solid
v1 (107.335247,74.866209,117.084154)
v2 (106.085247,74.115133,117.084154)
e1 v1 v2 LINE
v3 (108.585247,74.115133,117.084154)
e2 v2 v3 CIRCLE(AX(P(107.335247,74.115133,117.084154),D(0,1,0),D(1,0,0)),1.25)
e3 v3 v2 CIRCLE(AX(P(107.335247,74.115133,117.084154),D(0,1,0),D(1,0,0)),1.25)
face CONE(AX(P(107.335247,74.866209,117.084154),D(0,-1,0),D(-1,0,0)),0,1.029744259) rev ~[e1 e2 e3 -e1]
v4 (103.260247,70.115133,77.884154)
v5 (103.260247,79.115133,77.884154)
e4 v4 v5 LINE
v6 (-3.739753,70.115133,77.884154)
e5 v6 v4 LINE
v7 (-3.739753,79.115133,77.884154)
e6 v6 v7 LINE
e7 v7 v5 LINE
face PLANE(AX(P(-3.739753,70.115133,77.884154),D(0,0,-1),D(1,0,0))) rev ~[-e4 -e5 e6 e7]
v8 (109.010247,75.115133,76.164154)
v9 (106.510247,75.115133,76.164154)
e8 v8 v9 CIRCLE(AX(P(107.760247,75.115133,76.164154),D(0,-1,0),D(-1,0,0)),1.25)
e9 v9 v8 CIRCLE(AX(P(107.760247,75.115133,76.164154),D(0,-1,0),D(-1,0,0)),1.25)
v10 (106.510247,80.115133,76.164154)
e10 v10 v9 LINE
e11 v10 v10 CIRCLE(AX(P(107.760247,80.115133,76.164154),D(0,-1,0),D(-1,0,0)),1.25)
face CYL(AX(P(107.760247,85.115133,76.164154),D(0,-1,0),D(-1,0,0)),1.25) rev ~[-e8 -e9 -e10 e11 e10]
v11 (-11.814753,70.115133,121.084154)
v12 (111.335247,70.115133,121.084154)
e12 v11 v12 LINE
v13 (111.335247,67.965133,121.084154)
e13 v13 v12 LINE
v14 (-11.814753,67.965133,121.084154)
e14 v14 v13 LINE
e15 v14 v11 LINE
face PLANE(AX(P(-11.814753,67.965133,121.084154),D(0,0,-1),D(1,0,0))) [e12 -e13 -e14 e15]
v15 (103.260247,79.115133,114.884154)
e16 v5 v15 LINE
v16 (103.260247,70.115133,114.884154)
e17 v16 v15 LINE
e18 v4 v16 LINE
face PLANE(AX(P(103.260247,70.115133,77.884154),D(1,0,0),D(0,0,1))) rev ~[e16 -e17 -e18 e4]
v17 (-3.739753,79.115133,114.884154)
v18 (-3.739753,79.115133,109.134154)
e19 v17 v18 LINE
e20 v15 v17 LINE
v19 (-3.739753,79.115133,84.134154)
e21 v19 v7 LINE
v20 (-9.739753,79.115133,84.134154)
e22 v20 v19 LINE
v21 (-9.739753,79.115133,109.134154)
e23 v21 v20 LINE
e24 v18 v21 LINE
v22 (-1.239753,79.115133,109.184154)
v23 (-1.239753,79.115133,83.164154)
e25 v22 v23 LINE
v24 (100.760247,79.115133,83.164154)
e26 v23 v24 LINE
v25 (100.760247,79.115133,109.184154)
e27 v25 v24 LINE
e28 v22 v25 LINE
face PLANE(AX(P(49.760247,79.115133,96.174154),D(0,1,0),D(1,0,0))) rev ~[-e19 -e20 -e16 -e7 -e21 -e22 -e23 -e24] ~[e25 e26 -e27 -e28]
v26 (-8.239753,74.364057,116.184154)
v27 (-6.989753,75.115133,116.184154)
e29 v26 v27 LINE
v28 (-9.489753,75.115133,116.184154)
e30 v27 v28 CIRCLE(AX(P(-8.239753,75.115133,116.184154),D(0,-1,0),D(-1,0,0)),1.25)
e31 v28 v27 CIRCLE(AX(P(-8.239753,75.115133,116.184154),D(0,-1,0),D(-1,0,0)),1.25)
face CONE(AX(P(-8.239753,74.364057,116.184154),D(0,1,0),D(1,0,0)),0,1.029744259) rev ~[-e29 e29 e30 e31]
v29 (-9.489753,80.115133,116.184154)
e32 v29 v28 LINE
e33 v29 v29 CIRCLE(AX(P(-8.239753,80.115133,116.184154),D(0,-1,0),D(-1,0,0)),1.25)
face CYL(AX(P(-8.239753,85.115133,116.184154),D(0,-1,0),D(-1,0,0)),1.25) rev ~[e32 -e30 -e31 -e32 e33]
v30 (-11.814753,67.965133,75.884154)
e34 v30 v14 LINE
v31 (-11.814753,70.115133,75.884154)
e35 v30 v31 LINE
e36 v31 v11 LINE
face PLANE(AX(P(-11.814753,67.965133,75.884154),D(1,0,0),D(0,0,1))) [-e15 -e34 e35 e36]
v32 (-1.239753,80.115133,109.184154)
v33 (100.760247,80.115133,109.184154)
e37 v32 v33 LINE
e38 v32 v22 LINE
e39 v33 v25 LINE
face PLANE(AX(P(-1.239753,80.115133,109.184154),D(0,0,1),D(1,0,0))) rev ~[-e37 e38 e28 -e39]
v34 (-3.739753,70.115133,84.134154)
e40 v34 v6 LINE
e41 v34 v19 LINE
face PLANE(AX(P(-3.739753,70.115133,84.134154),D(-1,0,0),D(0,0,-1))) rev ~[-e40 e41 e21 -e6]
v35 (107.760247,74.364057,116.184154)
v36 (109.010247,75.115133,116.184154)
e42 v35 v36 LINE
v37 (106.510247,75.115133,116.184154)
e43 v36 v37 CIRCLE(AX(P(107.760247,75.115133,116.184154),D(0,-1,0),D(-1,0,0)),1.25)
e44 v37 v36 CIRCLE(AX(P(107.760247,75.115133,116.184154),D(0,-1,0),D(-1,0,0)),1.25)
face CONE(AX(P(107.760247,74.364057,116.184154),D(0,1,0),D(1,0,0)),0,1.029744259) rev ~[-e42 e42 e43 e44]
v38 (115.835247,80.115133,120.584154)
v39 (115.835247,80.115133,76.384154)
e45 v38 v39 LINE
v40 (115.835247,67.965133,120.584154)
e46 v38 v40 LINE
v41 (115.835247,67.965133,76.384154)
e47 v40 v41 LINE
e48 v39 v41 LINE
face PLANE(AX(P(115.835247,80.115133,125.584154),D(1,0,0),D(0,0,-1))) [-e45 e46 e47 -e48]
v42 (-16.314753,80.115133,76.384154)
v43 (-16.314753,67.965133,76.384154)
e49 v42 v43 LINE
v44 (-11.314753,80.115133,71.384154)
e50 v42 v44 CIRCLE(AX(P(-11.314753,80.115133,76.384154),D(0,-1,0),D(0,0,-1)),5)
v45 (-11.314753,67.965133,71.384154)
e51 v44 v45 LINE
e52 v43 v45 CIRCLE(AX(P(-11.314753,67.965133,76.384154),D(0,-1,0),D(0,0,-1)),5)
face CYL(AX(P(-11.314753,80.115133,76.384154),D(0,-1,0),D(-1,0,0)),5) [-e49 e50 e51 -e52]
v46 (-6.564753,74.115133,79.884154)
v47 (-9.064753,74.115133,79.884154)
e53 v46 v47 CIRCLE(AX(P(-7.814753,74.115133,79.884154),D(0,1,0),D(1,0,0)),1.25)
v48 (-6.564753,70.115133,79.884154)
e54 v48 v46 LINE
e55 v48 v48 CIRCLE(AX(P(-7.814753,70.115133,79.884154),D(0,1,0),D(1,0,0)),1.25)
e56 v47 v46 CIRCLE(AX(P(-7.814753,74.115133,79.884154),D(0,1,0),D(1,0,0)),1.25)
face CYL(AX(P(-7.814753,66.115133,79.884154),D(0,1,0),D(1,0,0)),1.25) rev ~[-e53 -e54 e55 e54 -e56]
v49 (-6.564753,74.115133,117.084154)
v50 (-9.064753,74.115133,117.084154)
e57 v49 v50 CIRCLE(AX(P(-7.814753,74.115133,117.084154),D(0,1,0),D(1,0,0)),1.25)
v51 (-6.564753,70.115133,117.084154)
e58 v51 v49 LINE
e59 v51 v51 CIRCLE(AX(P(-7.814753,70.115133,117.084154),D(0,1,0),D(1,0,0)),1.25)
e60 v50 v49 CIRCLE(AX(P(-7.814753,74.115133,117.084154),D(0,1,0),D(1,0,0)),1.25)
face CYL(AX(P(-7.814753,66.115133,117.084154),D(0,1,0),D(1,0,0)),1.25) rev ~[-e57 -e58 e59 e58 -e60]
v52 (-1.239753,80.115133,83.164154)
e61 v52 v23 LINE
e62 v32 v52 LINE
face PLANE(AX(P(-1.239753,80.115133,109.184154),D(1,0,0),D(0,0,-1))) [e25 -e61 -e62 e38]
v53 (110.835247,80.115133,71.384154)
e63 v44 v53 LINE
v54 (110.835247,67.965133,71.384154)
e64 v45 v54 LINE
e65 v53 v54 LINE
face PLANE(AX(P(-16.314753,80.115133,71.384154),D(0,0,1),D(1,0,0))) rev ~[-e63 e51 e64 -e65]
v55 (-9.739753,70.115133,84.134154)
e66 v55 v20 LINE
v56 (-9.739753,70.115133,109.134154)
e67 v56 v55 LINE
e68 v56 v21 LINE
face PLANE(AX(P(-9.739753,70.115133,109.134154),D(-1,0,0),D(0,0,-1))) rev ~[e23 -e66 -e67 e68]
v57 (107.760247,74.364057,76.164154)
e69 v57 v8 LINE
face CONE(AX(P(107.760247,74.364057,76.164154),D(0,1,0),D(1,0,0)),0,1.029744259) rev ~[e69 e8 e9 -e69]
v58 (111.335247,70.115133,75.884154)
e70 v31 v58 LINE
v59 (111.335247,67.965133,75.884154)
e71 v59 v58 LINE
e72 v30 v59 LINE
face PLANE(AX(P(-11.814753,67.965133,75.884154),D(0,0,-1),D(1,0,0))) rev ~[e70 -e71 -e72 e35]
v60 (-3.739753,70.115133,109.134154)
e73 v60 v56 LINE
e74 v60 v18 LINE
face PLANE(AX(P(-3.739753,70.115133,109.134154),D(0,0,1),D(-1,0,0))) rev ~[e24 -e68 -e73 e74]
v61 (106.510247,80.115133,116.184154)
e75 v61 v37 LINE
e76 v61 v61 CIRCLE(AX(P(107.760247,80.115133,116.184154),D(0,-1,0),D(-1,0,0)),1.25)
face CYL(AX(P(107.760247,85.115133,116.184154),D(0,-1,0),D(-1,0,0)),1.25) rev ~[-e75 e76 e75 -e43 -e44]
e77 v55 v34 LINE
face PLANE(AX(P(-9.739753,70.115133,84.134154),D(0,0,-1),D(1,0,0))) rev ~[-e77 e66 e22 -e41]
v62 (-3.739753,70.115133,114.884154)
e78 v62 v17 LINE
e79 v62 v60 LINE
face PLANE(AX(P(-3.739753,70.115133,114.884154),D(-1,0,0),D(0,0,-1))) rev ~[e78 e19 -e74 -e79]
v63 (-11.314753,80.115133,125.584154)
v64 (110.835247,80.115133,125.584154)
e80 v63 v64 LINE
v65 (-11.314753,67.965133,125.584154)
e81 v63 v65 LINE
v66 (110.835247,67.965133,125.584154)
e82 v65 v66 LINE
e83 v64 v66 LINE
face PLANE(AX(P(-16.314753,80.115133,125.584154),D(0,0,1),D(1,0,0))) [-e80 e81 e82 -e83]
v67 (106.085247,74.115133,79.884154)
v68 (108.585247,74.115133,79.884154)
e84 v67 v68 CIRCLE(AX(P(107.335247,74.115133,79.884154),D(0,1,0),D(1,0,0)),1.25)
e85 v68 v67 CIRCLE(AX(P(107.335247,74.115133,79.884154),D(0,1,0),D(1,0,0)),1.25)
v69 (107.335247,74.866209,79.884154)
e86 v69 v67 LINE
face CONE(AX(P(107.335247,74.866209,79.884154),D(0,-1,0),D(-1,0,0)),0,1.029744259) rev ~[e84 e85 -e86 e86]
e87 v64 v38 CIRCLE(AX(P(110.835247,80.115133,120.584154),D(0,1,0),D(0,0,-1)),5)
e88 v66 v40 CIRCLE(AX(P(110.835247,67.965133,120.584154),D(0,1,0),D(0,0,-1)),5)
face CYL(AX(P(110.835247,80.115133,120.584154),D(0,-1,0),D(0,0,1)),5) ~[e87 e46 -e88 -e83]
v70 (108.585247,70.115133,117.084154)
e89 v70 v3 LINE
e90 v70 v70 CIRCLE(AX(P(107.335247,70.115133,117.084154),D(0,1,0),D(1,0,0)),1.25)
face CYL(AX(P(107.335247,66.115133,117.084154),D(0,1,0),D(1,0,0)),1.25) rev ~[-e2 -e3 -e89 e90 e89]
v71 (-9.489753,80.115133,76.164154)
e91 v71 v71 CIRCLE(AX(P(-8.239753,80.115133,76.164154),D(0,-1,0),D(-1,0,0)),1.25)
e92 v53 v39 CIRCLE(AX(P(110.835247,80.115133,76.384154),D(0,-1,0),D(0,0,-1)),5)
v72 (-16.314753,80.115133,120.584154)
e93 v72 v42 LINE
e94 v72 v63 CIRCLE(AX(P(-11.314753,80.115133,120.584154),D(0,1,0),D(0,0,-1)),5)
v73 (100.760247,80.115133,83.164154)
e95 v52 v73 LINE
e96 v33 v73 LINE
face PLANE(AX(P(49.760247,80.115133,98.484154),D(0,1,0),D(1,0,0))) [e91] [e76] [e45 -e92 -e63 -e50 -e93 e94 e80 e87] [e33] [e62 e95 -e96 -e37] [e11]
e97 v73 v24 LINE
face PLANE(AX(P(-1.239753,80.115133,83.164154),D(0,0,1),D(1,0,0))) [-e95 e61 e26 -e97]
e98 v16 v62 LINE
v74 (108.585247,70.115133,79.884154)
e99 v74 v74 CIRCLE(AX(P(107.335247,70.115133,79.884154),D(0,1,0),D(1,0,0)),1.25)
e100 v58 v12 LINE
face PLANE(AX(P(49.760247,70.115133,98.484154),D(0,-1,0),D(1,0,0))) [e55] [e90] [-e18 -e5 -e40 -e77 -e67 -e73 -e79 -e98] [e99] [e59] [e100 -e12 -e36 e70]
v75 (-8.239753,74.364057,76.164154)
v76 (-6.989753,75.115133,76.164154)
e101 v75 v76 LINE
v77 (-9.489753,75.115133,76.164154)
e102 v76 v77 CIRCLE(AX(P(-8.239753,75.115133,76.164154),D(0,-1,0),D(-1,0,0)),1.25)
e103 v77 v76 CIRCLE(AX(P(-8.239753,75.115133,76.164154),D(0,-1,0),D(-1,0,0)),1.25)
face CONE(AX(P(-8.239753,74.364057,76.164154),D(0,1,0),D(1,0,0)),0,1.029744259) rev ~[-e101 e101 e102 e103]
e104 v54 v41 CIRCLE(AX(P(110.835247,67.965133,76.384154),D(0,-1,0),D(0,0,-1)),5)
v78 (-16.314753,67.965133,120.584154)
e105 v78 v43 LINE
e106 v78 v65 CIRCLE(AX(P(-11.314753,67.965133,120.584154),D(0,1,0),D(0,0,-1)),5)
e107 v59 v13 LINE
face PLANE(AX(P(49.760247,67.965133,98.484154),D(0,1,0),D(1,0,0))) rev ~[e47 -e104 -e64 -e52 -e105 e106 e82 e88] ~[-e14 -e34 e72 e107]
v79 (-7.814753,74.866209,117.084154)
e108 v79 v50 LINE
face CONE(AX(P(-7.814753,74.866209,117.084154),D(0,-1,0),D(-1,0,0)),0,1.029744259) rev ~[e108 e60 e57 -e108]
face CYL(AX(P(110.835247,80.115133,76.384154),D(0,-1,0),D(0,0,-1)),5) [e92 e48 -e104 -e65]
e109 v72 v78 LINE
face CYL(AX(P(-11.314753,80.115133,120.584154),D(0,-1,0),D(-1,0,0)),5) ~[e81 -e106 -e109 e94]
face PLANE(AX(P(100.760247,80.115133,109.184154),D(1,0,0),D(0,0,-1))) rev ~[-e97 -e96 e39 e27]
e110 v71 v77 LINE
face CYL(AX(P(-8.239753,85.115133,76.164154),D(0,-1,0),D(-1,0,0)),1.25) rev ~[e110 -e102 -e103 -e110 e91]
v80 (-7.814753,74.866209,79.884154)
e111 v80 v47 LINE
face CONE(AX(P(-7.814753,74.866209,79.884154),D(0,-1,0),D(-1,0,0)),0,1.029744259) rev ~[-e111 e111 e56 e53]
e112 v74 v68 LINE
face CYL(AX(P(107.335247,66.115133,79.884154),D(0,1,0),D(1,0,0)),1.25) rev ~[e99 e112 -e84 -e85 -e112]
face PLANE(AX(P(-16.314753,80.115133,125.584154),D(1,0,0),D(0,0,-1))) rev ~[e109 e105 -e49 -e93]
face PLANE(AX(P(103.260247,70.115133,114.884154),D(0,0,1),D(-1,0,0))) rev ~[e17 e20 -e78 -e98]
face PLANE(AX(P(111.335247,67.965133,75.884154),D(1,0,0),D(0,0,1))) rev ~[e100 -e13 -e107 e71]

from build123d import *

# Parameters (mm, degrees)
SKETCH1_W                       = 132.15
SKETCH1_H                       = 54.2
SKETCH1_W_2                     = 102
SKETCH1_H_2                     = 26.02
BOSS_EXTRUDE6_DEPTH             = 12.15
CUT_EXTRUDE9_REACH              = 13.15
SKETCH3_W                       = 105
SKETCH3_H                       = 29.02
SKETCH4_W                       = 123.15
SKETCH4_H                       = 45.2
CUT_EXTRUDE10_DEPTH             = 2.15
TAP_DRILL_FOR_M3X0_5_TAP1_D     = 2.5
TAP_DRILL_FOR_M3X0_5_TAP1_DEPTH = 4
TAP_DRILL_FOR_M3X0_5_TAP1_TIP   = 0.751075774
CUT_EXTRUDE11_DEPTH             = 9
FILLET1_R                       = 5
TAP_DRILL_FOR_M3X0_5_TAP2_D     = 2.5
TAP_DRILL_FOR_M3X0_5_TAP2_DEPTH = 5
TAP_DRILL_FOR_M3X0_5_TAP2_TIP   = 0.751075774


with BuildPart() as part:
    # Sketch1 → Boss-Extrude6 (new body)
    with BuildSketch(Plane(origin=(0, 80.115132846, 0), x_dir=(1, 0, 0), z_dir=(0, 1, 0))):
        with Locations((49.760246528, -98.484153608)):
            Rectangle(SKETCH1_W, SKETCH1_H)
        with Locations((49.760246528, -96.174153608)):
            Rectangle(SKETCH1_W_2, SKETCH1_H_2, mode=Mode.SUBTRACT)
    extrude(amount=-BOSS_EXTRUDE6_DEPTH)

    # Sketch3 → Cut-Extrude9 (cut, up to next)
    with BuildSketch(Plane(origin=(0, 79.115132846, 0), x_dir=(1, 0, 0), z_dir=(0, 1, 0)), mode=Mode.PRIVATE) as cut_extrude9_sk1:
        with Locations((49.760246528, -96.174153608)):
            Rectangle(SKETCH3_W, SKETCH3_H)
    cut_extrude9_tool1 = extrude(cut_extrude9_sk1.sketch, amount=-CUT_EXTRUDE9_REACH, mode=Mode.PRIVATE) & part.part
    add(cut_extrude9_tool1.solids().sort_by_distance((49.760247, 79.115133, 96.174154))[0], mode=Mode.SUBTRACT)

    # Sketch4 → Cut-Extrude10 (cut)
    with BuildSketch(Plane.XZ.offset(-67.965132846)):
        with Locations((49.760246528, 98.484153608)):
            Rectangle(SKETCH4_W, SKETCH4_H)
    extrude(amount=-CUT_EXTRUDE10_DEPTH, mode=Mode.SUBTRACT)

    # Tap Drill for M3x0.5 Tap1
    with Locations(Plane(origin=(0, 70.115132846, 0), x_dir=(-1, 0, 0), z_dir=(0, -1, 0))):
        with Locations((-107.335246528, -79.884153608), (-107.335246528, -117.084153608), (7.814753472, -117.084153608), (7.814753472, -79.884153608)):
            Hole(TAP_DRILL_FOR_M3X0_5_TAP1_D / 2, depth=TAP_DRILL_FOR_M3X0_5_TAP1_DEPTH)
            with Locations((0, 0, -(TAP_DRILL_FOR_M3X0_5_TAP1_DEPTH + TAP_DRILL_FOR_M3X0_5_TAP1_TIP / 2))):  # 118° drill point
                Cone(0, TAP_DRILL_FOR_M3X0_5_TAP1_D / 2, TAP_DRILL_FOR_M3X0_5_TAP1_TIP, mode=Mode.SUBTRACT)

    # Sketch8 → Cut-Extrude11 (cut)
    with BuildSketch(Plane.XZ.offset(-70.115132846)):
        Polygon((103.260246528, 77.884153608), (103.260246528, 114.884153608), (-3.739753472, 114.884153608), (-3.739753472, 109.134153608), (-9.739753472, 109.134153608), (-9.739753472, 84.134153608), (-3.739753472, 84.134153608), (-3.739753472, 77.884153608), align=None)
    extrude(amount=-CUT_EXTRUDE11_DEPTH, mode=Mode.SUBTRACT)

    # Fillet1
    fillet1_edges = [part.edges().sort_by_distance(p)[0] for p in [
        (-16.314753472, 74.040132846, 71.384153608),
        (115.835246528, 74.040132846, 71.384153608),
        (115.835246528, 74.040132846, 125.584153608),
        (-16.314753472, 74.040132846, 125.584153608),
    ]]
    fillet(fillet1_edges, radius=FILLET1_R)

    # Tap Drill for M3x0.5 Tap2
    with Locations(Plane(origin=(0, 80.115132846, 0), x_dir=(1, 0, 0), z_dir=(0, 1, 0))):
        with Locations((-8.239753472, -76.164153608), (-8.239753472, -116.184153608), (107.760246528, -116.184153608), (107.760246528, -76.164153608)):
            Hole(TAP_DRILL_FOR_M3X0_5_TAP2_D / 2, depth=TAP_DRILL_FOR_M3X0_5_TAP2_DEPTH)
            with Locations((0, 0, -(TAP_DRILL_FOR_M3X0_5_TAP2_DEPTH + TAP_DRILL_FOR_M3X0_5_TAP2_TIP / 2))):  # 118° drill point
                Cone(0, TAP_DRILL_FOR_M3X0_5_TAP2_D / 2, TAP_DRILL_FOR_M3X0_5_TAP2_TIP, mode=Mode.SUBTRACT)


solid = part.part
